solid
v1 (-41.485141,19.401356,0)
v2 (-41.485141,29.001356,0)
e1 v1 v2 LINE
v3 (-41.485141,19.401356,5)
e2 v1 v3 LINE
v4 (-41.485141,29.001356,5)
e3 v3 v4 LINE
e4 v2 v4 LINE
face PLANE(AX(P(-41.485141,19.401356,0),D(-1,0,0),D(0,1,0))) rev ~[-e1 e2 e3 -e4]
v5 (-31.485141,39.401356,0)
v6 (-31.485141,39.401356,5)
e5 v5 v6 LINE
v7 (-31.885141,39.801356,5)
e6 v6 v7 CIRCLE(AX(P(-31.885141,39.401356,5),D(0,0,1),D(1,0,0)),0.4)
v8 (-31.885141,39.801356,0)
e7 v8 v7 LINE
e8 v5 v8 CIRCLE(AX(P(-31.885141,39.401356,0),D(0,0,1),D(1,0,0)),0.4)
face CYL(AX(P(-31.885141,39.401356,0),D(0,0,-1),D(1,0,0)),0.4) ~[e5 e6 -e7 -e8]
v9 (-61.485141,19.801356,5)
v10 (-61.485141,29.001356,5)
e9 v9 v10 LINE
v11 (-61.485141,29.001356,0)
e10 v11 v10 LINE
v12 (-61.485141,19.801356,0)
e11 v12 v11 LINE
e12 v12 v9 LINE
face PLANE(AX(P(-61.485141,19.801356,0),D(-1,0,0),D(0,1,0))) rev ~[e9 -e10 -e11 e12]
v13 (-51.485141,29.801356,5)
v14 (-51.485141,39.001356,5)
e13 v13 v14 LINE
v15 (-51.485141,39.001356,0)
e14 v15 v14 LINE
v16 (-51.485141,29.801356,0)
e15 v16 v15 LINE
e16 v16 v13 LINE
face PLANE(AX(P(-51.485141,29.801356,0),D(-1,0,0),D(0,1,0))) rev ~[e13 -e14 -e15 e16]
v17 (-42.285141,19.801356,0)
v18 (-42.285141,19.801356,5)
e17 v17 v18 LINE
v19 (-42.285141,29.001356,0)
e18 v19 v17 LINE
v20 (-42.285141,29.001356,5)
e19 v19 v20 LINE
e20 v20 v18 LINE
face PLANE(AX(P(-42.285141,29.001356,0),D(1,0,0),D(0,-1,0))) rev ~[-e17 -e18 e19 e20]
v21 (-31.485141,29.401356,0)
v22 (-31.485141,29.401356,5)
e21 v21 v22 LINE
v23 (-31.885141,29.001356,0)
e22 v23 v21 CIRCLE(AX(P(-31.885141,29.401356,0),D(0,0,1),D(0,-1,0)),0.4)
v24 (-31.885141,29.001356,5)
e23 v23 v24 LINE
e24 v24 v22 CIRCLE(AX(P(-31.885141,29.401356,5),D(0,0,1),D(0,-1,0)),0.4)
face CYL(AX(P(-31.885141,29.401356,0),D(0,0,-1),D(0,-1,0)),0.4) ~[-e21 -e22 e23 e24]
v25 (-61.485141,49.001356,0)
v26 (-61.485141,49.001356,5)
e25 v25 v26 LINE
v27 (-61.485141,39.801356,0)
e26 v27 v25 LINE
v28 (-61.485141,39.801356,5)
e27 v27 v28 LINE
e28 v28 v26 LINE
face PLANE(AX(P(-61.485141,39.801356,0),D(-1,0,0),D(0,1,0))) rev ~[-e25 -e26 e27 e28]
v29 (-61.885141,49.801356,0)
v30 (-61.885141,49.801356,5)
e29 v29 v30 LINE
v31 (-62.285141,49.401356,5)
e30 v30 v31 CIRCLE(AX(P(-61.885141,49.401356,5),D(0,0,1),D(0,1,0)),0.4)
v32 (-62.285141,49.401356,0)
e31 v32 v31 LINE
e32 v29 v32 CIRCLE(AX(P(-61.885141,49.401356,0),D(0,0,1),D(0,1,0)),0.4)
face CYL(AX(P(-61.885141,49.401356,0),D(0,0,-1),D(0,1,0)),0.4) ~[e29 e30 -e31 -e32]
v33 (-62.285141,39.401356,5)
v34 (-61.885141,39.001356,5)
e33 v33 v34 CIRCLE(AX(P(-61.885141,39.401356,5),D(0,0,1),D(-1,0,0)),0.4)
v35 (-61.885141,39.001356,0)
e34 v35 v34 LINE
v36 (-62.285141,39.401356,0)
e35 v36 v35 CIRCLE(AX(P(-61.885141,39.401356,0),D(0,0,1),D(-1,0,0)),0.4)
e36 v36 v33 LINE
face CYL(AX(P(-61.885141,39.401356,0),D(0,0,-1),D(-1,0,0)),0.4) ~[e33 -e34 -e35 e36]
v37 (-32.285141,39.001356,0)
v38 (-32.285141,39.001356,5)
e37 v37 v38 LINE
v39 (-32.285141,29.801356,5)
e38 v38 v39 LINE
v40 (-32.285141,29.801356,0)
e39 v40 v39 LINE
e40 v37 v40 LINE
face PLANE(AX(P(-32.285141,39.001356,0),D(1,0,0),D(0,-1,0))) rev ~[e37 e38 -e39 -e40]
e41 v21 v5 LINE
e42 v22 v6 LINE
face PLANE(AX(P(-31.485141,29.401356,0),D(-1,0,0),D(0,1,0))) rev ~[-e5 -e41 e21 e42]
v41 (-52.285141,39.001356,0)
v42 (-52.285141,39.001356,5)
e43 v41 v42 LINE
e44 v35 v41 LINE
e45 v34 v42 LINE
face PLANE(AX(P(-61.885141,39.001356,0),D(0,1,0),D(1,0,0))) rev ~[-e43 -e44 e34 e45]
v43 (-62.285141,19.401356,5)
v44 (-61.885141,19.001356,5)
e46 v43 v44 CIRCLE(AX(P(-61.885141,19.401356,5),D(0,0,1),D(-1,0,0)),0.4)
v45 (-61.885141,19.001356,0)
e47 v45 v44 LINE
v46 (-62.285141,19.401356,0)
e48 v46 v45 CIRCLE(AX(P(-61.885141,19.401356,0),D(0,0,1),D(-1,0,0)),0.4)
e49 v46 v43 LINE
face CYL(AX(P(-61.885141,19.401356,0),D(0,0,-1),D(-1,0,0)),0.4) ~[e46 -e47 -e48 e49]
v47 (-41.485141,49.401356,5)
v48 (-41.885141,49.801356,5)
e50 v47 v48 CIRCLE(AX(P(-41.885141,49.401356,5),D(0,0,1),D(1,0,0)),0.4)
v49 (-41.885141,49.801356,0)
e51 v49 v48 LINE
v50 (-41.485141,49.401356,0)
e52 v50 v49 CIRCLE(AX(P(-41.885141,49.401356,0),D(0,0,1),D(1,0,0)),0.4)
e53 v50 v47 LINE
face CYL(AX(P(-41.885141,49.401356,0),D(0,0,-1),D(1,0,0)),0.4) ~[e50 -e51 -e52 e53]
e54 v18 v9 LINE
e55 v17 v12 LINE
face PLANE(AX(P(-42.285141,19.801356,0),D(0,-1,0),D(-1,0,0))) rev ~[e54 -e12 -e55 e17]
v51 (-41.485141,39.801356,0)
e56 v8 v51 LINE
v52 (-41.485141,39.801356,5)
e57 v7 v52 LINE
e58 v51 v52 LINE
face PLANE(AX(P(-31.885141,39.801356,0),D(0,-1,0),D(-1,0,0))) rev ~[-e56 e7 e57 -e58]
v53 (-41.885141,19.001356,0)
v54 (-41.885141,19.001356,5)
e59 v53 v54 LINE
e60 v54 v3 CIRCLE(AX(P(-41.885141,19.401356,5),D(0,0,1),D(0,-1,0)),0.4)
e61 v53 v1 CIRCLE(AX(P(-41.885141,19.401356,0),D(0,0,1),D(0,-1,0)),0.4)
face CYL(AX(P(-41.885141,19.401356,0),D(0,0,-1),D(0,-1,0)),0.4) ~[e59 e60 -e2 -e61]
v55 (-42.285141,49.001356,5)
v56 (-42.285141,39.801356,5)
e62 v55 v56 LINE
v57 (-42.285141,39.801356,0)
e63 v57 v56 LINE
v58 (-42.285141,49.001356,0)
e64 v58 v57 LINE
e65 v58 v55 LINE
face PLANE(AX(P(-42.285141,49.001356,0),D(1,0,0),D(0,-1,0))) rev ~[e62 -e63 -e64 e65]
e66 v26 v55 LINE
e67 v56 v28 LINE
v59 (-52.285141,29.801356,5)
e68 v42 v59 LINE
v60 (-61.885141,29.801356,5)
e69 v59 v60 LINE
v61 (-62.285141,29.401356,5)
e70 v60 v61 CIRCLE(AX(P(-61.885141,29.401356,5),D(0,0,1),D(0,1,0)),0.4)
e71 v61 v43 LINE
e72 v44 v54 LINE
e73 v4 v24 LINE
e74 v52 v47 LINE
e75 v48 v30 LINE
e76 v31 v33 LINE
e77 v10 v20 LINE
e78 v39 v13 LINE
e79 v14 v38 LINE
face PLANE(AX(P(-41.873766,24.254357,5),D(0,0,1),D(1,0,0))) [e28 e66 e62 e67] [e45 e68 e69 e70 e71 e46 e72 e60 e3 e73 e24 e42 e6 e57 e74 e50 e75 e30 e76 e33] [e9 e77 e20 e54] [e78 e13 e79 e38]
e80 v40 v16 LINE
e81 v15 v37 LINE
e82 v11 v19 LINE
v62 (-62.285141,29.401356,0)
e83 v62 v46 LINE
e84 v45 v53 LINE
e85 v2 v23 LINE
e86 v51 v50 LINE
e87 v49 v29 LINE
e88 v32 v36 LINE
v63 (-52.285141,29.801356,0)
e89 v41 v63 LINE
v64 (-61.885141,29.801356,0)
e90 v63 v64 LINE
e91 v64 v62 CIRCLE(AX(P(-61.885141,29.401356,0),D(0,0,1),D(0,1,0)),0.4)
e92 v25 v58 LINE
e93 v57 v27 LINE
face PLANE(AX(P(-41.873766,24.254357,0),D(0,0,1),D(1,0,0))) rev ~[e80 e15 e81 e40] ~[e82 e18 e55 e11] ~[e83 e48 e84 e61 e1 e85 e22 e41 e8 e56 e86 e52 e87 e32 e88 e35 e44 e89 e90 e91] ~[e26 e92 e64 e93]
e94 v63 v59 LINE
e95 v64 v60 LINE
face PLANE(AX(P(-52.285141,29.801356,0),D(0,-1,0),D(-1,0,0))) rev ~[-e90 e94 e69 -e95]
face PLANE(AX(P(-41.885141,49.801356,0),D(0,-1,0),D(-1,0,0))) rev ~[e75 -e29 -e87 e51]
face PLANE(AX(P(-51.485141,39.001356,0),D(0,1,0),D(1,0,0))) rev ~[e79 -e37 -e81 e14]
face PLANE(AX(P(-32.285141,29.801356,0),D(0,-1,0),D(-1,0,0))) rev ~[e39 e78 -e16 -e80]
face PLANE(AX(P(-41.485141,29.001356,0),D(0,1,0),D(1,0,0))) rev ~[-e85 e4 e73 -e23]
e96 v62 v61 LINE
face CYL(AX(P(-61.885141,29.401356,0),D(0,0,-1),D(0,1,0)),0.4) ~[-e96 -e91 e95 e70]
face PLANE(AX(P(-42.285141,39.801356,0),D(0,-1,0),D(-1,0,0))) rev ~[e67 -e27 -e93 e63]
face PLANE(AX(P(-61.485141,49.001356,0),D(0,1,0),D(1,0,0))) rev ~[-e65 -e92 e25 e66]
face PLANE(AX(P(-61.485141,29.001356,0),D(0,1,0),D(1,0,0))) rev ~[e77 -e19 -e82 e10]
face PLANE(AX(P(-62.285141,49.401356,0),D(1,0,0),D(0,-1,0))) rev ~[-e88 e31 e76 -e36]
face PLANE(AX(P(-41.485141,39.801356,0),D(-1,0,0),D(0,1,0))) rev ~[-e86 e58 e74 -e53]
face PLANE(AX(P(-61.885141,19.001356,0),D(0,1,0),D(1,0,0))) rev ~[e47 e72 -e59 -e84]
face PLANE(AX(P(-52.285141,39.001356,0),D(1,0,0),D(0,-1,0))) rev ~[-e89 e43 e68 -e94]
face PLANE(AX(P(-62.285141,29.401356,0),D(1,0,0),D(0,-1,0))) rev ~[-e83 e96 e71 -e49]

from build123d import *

# Parameters (mm, degrees)
F1_DEPTH = 5


with BuildPart() as f1:
    # F0 (on Top) → F1 (new body)
    with BuildSketch(Plane.XY):
        with BuildLine():
            Line((-41.8851405949, 29.0013556838), (-42.2851405949, 29.0013556838))
            Line((-42.2851405949, 29.0013556838), (-42.2851405949, 19.8013556838))
            Line((-42.2851405949, 19.8013556838), (-41.8851405949, 19.8013556838))
            ThreePointArc((-41.8851405949, 19.8013556838), (-41.6022978824, 19.6841983963), (-41.4851405949, 19.4013556838))
            Line((-41.4851405949, 19.4013556838), (-41.4851405949, 29.0013556838))
            Line((-41.4851405949, 29.0013556838), (-41.8851405949, 29.0013556838))
        make_face()
        with BuildLine():
            ThreePointArc((-41.4851405949, 39.4013556838), (-41.6022978824, 39.1185129713), (-41.8851405949, 39.0013556838))
            Line((-41.8851405949, 39.0013556838), (-32.2851405949, 39.0013556838))
            Line((-32.2851405949, 39.0013556838), (-32.2851405949, 39.4013556838))
            ThreePointArc((-32.2851405949, 39.4013556838), (-32.1679833073, 39.6841983963), (-31.8851405949, 39.8013556838))
            Line((-31.8851405949, 39.8013556838), (-41.4851405949, 39.8013556838))
            Line((-41.4851405949, 39.8013556838), (-41.4851405949, 39.4013556838))
        make_face()
        Polygon((-52.2851405949, 39.0013556838), (-52.2851405949, 29.8013556838), (-51.8851405949, 29.8013556838), (-51.4851405949, 29.8013556838), (-51.4851405949, 39.0013556838), (-51.8851405949, 39.0013556838), align=None)
        with BuildLine():
            Line((-62.2851405949, 49.4013556838), (-62.2851405949, 39.4013556838))
            ThreePointArc((-62.2851405949, 39.4013556838), (-62.1679833073, 39.6841983963), (-61.8851405949, 39.8013556838))
            Line((-61.8851405949, 39.8013556838), (-61.4851405949, 39.8013556838))
            Line((-61.4851405949, 39.8013556838), (-61.4851405949, 49.0013556838))
            Line((-61.4851405949, 49.0013556838), (-61.8851405949, 49.0013556838))
            ThreePointArc((-61.8851405949, 49.0013556838), (-62.1679833073, 49.1185129713), (-62.2851405949, 49.4013556838))
        make_face()
        with BuildLine():
            Line((-41.8851405949, 49.8013556838), (-61.8851405949, 49.8013556838))
            ThreePointArc((-61.8851405949, 49.8013556838), (-61.6022978824, 49.6841983963), (-61.4851405949, 49.4013556838))
            Line((-61.4851405949, 49.4013556838), (-61.4851405949, 49.0013556838))
            Line((-61.4851405949, 49.0013556838), (-42.2851405949, 49.0013556838))
            Line((-42.2851405949, 49.0013556838), (-42.2851405949, 49.4013556838))
            ThreePointArc((-42.2851405949, 49.4013556838), (-42.1679833073, 49.6841983963), (-41.8851405949, 49.8013556838))
        make_face()
        with BuildLine():
            Line((-61.4851405949, 29.0013556838), (-61.8851405949, 29.0013556838))
            ThreePointArc((-61.8851405949, 29.0013556838), (-62.1679833073, 29.1185129713), (-62.2851405949, 29.4013556838))
            Line((-62.2851405949, 29.4013556838), (-62.2851405949, 19.4013556838))
            ThreePointArc((-62.2851405949, 19.4013556838), (-62.1679833073, 19.6841983963), (-61.8851405949, 19.8013556838))
            Line((-61.8851405949, 19.8013556838), (-61.4851405949, 19.8013556838))
            Line((-61.4851405949, 19.8013556838), (-61.4851405949, 29.0013556838))
        make_face()
        with BuildLine():
            Line((-42.2851405949, 19.8013556838), (-61.4851405949, 19.8013556838))
            Line((-61.4851405949, 19.8013556838), (-61.4851405949, 19.4013556838))
            ThreePointArc((-61.4851405949, 19.4013556838), (-61.6022978824, 19.1185129713), (-61.8851405949, 19.0013556838))
            Line((-61.8851405949, 19.0013556838), (-41.8851405949, 19.0013556838))
            ThreePointArc((-41.8851405949, 19.0013556838), (-42.1679833073, 19.1185129713), (-42.2851405949, 19.4013556838))
            Line((-42.2851405949, 19.4013556838), (-42.2851405949, 19.8013556838))
        make_face()
        with BuildLine():
            Line((-32.2851405949, 39.0013556838), (-32.2851405949, 29.8013556838))
            Line((-32.2851405949, 29.8013556838), (-31.8851405949, 29.8013556838))
            ThreePointArc((-31.8851405949, 29.8013556838), (-31.6022978824, 29.6841983963), (-31.4851405949, 29.4013556838))
            Line((-31.4851405949, 29.4013556838), (-31.4851405949, 39.4013556838))
            ThreePointArc((-31.4851405949, 39.4013556838), (-31.6022978824, 39.1185129713), (-31.8851405949, 39.0013556838))
            Line((-31.8851405949, 39.0013556838), (-32.2851405949, 39.0013556838))
        make_face()
        with BuildLine():
            Line((-61.8851405949, 39.0013556838), (-52.2851405949, 39.0013556838))
            Line((-52.2851405949, 39.0013556838), (-52.2851405949, 39.4013556838))
            ThreePointArc((-52.2851405949, 39.4013556838), (-52.1679833073, 39.6841983963), (-51.8851405949, 39.8013556838))
            Line((-51.8851405949, 39.8013556838), (-61.4851405949, 39.8013556838))
            Line((-61.4851405949, 39.8013556838), (-61.4851405949, 39.4013556838))
            ThreePointArc((-61.4851405949, 39.4013556838), (-61.6022978824, 39.1185129713), (-61.8851405949, 39.0013556838))
        make_face()
        with BuildLine():
            Line((-42.2851405949, 49.0013556838), (-42.2851405949, 39.8013556838))
            Line((-42.2851405949, 39.8013556838), (-41.8851405949, 39.8013556838))
            Line((-41.8851405949, 39.8013556838), (-41.4851405949, 39.8013556838))
            Line((-41.4851405949, 39.8013556838), (-41.4851405949, 49.4013556838))
            ThreePointArc((-41.4851405949, 49.4013556838), (-41.6022978824, 49.1185129713), (-41.8851405949, 49.0013556838))
            Line((-41.8851405949, 49.0013556838), (-42.2851405949, 49.0013556838))
        make_face()
        with BuildLine():
            Line((-51.4851405949, 39.4013556838), (-51.4851405949, 39.0013556838))
            Line((-51.4851405949, 39.0013556838), (-41.8851405949, 39.0013556838))
            ThreePointArc((-41.8851405949, 39.0013556838), (-42.1679833073, 39.1185129713), (-42.2851405949, 39.4013556838))
            Line((-42.2851405949, 39.4013556838), (-42.2851405949, 39.8013556838))
            Line((-42.2851405949, 39.8013556838), (-51.8851405949, 39.8013556838))
            ThreePointArc((-51.8851405949, 39.8013556838), (-51.6022978824, 39.6841983963), (-51.4851405949, 39.4013556838))
        make_face()
        with BuildLine():
            ThreePointArc((-41.8851405949, 29.8013556838), (-41.6022978824, 29.6841983963), (-41.4851405949, 29.4013556838))
            Line((-41.4851405949, 29.4013556838), (-41.4851405949, 29.0013556838))
            Line((-41.4851405949, 29.0013556838), (-31.8851405949, 29.0013556838))
            ThreePointArc((-31.8851405949, 29.0013556838), (-32.1679833073, 29.1185129713), (-32.2851405949, 29.4013556838))
            Line((-32.2851405949, 29.4013556838), (-32.2851405949, 29.8013556838))
            Line((-32.2851405949, 29.8013556838), (-41.8851405949, 29.8013556838))
        make_face()
        with BuildLine():
            Line((-61.4851405949, 29.4013556838), (-61.4851405949, 29.0013556838))
            Line((-61.4851405949, 29.0013556838), (-51.8851405949, 29.0013556838))
            ThreePointArc((-51.8851405949, 29.0013556838), (-52.1679833073, 29.1185129713), (-52.2851405949, 29.4013556838))
            Line((-52.2851405949, 29.4013556838), (-52.2851405949, 29.8013556838))
            Line((-52.2851405949, 29.8013556838), (-61.8851405949, 29.8013556838))
            ThreePointArc((-61.8851405949, 29.8013556838), (-61.6022978824, 29.6841983963), (-61.4851405949, 29.4013556838))
        make_face()
        with BuildLine():
            ThreePointArc((-51.4851405949, 29.4013556838), (-51.6022978824, 29.1185129713), (-51.8851405949, 29.0013556838))
            Line((-51.8851405949, 29.0013556838), (-42.2851405949, 29.0013556838))
            Line((-42.2851405949, 29.0013556838), (-42.2851405949, 29.4013556838))
            ThreePointArc((-42.2851405949, 29.4013556838), (-42.1679833073, 29.6841983963), (-41.8851405949, 29.8013556838))
            Line((-41.8851405949, 29.8013556838), (-51.4851405949, 29.8013556838))
            Line((-51.4851405949, 29.8013556838), (-51.4851405949, 29.4013556838))
        make_face()
        with BuildLine():
            ThreePointArc((-42.2851405949, 39.4013556838), (-42.1679833073, 39.1185129713), (-41.8851405949, 39.0013556838))
            ThreePointArc((-41.8851405949, 39.0013556838), (-41.6022978824, 39.1185129713), (-41.4851405949, 39.4013556838))
            ThreePointArc((-41.4851405949, 39.4013556838), (-41.6022978824, 39.6841983963), (-41.8851405949, 39.8013556838))
            Line((-41.8851405949, 39.8013556838), (-42.2851405949, 39.8013556838))
            Line((-42.2851405949, 39.8013556838), (-42.2851405949, 39.4013556838))
        make_face()
        with BuildLine():
            Line((-32.2851405949, 39.4013556838), (-32.2851405949, 39.0013556838))
            Line((-32.2851405949, 39.0013556838), (-31.8851405949, 39.0013556838))
            ThreePointArc((-31.8851405949, 39.0013556838), (-31.6022978824, 39.1185129713), (-31.4851405949, 39.4013556838))
            ThreePointArc((-31.4851405949, 39.4013556838), (-31.6022978824, 39.6841983963), (-31.8851405949, 39.8013556838))
            ThreePointArc((-31.8851405949, 39.8013556838), (-32.1679833073, 39.6841983963), (-32.2851405949, 39.4013556838))
        make_face()
        with BuildLine():
            Line((-41.8851405949, 19.8013556838), (-42.2851405949, 19.8013556838))
            Line((-42.2851405949, 19.8013556838), (-42.2851405949, 19.4013556838))
            ThreePointArc((-42.2851405949, 19.4013556838), (-42.1679833073, 19.1185129713), (-41.8851405949, 19.0013556838))
            ThreePointArc((-41.8851405949, 19.0013556838), (-41.6022978824, 19.1185129713), (-41.4851405949, 19.4013556838))
            ThreePointArc((-41.4851405949, 19.4013556838), (-41.6022978824, 19.6841983963), (-41.8851405949, 19.8013556838))
        make_face()
        with BuildLine():
            ThreePointArc((-32.2851405949, 29.4013556838), (-32.1679833073, 29.1185129713), (-31.8851405949, 29.0013556838))
            ThreePointArc((-31.8851405949, 29.0013556838), (-31.6022978824, 29.1185129713), (-31.4851405949, 29.4013556838))
            ThreePointArc((-31.4851405949, 29.4013556838), (-31.6022978824, 29.6841983963), (-31.8851405949, 29.8013556838))
            Line((-31.8851405949, 29.8013556838), (-32.2851405949, 29.8013556838))
            Line((-32.2851405949, 29.8013556838), (-32.2851405949, 29.4013556838))
        make_face()
        with BuildLine():
            Line((-42.2851405949, 29.4013556838), (-42.2851405949, 29.0013556838))
            Line((-42.2851405949, 29.0013556838), (-41.8851405949, 29.0013556838))
            ThreePointArc((-41.8851405949, 29.0013556838), (-41.6022978824, 29.1185129713), (-41.4851405949, 29.4013556838))
            ThreePointArc((-41.4851405949, 29.4013556838), (-41.6022978824, 29.6841983963), (-41.8851405949, 29.8013556838))
            ThreePointArc((-41.8851405949, 29.8013556838), (-42.1679833073, 29.6841983963), (-42.2851405949, 29.4013556838))
        make_face()
        with BuildLine():
            ThreePointArc((-52.2851405949, 39.4013556838), (-52.1679833073, 39.1185129713), (-51.8851405949, 39.0013556838))
            Line((-51.8851405949, 39.0013556838), (-51.4851405949, 39.0013556838))
            Line((-51.4851405949, 39.0013556838), (-51.4851405949, 39.4013556838))
            ThreePointArc((-51.4851405949, 39.4013556838), (-51.6022978824, 39.6841983963), (-51.8851405949, 39.8013556838))
            ThreePointArc((-51.8851405949, 39.8013556838), (-52.1679833073, 39.6841983963), (-52.2851405949, 39.4013556838))
        make_face()
        with BuildLine():
            ThreePointArc((-41.8851405949, 39.8013556838), (-41.6022978824, 39.6841983963), (-41.4851405949, 39.4013556838))
            Line((-41.4851405949, 39.4013556838), (-41.4851405949, 39.8013556838))
            Line((-41.4851405949, 39.8013556838), (-41.8851405949, 39.8013556838))
        make_face()
        with BuildLine():
            ThreePointArc((-62.2851405949, 29.4013556838), (-62.1679833073, 29.1185129713), (-61.8851405949, 29.0013556838))
            Line((-61.8851405949, 29.0013556838), (-61.4851405949, 29.0013556838))
            Line((-61.4851405949, 29.0013556838), (-61.4851405949, 29.4013556838))
            ThreePointArc((-61.4851405949, 29.4013556838), (-61.6022978824, 29.6841983963), (-61.8851405949, 29.8013556838))
            ThreePointArc((-61.8851405949, 29.8013556838), (-62.1679833073, 29.6841983963), (-62.2851405949, 29.4013556838))
        make_face()
        with BuildLine():
            ThreePointArc((-61.8851405949, 19.8013556838), (-62.1679833073, 19.6841983963), (-62.2851405949, 19.4013556838))
            ThreePointArc((-62.2851405949, 19.4013556838), (-62.1679833073, 19.1185129713), (-61.8851405949, 19.0013556838))
            ThreePointArc((-61.8851405949, 19.0013556838), (-61.6022978824, 19.1185129713), (-61.4851405949, 19.4013556838))
            Line((-61.4851405949, 19.4013556838), (-61.4851405949, 19.8013556838))
            Line((-61.4851405949, 19.8013556838), (-61.8851405949, 19.8013556838))
        make_face()
        with BuildLine():
            ThreePointArc((-61.8851405949, 49.8013556838), (-62.1679833073, 49.6841983963), (-62.2851405949, 49.4013556838))
            ThreePointArc((-62.2851405949, 49.4013556838), (-62.1679833073, 49.1185129713), (-61.8851405949, 49.0013556838))
            Line((-61.8851405949, 49.0013556838), (-61.4851405949, 49.0013556838))
            Line((-61.4851405949, 49.0013556838), (-61.4851405949, 49.4013556838))
            ThreePointArc((-61.4851405949, 49.4013556838), (-61.6022978824, 49.6841983963), (-61.8851405949, 49.8013556838))
        make_face()
        with BuildLine():
            ThreePointArc((-62.2851405949, 39.4013556838), (-62.1679833073, 39.1185129713), (-61.8851405949, 39.0013556838))
            ThreePointArc((-61.8851405949, 39.0013556838), (-61.6022978824, 39.1185129713), (-61.4851405949, 39.4013556838))
            Line((-61.4851405949, 39.4013556838), (-61.4851405949, 39.8013556838))
            Line((-61.4851405949, 39.8013556838), (-61.8851405949, 39.8013556838))
            ThreePointArc((-61.8851405949, 39.8013556838), (-62.1679833073, 39.6841983963), (-62.2851405949, 39.4013556838))
        make_face()
        with BuildLine():
            ThreePointArc((-41.4851405949, 29.4013556838), (-41.6022978824, 29.1185129713), (-41.8851405949, 29.0013556838))
            Line((-41.8851405949, 29.0013556838), (-41.4851405949, 29.0013556838))
            Line((-41.4851405949, 29.0013556838), (-41.4851405949, 29.4013556838))
        make_face()
        with BuildLine():
            ThreePointArc((-52.2851405949, 29.4013556838), (-52.1679833073, 29.1185129713), (-51.8851405949, 29.0013556838))
            ThreePointArc((-51.8851405949, 29.0013556838), (-51.6022978824, 29.1185129713), (-51.4851405949, 29.4013556838))
            Line((-51.4851405949, 29.4013556838), (-51.4851405949, 29.8013556838))
            Line((-51.4851405949, 29.8013556838), (-51.8851405949, 29.8013556838))
            ThreePointArc((-51.8851405949, 29.8013556838), (-52.1679833073, 29.6841983963), (-52.2851405949, 29.4013556838))
        make_face()
        with BuildLine():
            Line((-52.2851405949, 39.4013556838), (-52.2851405949, 39.0013556838))
            Line((-52.2851405949, 39.0013556838), (-51.8851405949, 39.0013556838))
            ThreePointArc((-51.8851405949, 39.0013556838), (-52.1679833073, 39.1185129713), (-52.2851405949, 39.4013556838))
        make_face()
        with BuildLine():
            Line((-42.2851405949, 49.4013556838), (-42.2851405949, 49.0013556838))
            Line((-42.2851405949, 49.0013556838), (-41.8851405949, 49.0013556838))
            ThreePointArc((-41.8851405949, 49.0013556838), (-41.6022978824, 49.1185129713), (-41.4851405949, 49.4013556838))
            ThreePointArc((-41.4851405949, 49.4013556838), (-41.6022978824, 49.6841983963), (-41.8851405949, 49.8013556838))
            ThreePointArc((-41.8851405949, 49.8013556838), (-42.1679833073, 49.6841983963), (-42.2851405949, 49.4013556838))
        make_face()
        with BuildLine():
            Line((-51.8851405949, 29.8013556838), (-52.2851405949, 29.8013556838))
            Line((-52.2851405949, 29.8013556838), (-52.2851405949, 29.4013556838))
            ThreePointArc((-52.2851405949, 29.4013556838), (-52.1679833073, 29.6841983963), (-51.8851405949, 29.8013556838))
        make_face()
    extrude(amount=F1_DEPTH)


solid = f1.part
